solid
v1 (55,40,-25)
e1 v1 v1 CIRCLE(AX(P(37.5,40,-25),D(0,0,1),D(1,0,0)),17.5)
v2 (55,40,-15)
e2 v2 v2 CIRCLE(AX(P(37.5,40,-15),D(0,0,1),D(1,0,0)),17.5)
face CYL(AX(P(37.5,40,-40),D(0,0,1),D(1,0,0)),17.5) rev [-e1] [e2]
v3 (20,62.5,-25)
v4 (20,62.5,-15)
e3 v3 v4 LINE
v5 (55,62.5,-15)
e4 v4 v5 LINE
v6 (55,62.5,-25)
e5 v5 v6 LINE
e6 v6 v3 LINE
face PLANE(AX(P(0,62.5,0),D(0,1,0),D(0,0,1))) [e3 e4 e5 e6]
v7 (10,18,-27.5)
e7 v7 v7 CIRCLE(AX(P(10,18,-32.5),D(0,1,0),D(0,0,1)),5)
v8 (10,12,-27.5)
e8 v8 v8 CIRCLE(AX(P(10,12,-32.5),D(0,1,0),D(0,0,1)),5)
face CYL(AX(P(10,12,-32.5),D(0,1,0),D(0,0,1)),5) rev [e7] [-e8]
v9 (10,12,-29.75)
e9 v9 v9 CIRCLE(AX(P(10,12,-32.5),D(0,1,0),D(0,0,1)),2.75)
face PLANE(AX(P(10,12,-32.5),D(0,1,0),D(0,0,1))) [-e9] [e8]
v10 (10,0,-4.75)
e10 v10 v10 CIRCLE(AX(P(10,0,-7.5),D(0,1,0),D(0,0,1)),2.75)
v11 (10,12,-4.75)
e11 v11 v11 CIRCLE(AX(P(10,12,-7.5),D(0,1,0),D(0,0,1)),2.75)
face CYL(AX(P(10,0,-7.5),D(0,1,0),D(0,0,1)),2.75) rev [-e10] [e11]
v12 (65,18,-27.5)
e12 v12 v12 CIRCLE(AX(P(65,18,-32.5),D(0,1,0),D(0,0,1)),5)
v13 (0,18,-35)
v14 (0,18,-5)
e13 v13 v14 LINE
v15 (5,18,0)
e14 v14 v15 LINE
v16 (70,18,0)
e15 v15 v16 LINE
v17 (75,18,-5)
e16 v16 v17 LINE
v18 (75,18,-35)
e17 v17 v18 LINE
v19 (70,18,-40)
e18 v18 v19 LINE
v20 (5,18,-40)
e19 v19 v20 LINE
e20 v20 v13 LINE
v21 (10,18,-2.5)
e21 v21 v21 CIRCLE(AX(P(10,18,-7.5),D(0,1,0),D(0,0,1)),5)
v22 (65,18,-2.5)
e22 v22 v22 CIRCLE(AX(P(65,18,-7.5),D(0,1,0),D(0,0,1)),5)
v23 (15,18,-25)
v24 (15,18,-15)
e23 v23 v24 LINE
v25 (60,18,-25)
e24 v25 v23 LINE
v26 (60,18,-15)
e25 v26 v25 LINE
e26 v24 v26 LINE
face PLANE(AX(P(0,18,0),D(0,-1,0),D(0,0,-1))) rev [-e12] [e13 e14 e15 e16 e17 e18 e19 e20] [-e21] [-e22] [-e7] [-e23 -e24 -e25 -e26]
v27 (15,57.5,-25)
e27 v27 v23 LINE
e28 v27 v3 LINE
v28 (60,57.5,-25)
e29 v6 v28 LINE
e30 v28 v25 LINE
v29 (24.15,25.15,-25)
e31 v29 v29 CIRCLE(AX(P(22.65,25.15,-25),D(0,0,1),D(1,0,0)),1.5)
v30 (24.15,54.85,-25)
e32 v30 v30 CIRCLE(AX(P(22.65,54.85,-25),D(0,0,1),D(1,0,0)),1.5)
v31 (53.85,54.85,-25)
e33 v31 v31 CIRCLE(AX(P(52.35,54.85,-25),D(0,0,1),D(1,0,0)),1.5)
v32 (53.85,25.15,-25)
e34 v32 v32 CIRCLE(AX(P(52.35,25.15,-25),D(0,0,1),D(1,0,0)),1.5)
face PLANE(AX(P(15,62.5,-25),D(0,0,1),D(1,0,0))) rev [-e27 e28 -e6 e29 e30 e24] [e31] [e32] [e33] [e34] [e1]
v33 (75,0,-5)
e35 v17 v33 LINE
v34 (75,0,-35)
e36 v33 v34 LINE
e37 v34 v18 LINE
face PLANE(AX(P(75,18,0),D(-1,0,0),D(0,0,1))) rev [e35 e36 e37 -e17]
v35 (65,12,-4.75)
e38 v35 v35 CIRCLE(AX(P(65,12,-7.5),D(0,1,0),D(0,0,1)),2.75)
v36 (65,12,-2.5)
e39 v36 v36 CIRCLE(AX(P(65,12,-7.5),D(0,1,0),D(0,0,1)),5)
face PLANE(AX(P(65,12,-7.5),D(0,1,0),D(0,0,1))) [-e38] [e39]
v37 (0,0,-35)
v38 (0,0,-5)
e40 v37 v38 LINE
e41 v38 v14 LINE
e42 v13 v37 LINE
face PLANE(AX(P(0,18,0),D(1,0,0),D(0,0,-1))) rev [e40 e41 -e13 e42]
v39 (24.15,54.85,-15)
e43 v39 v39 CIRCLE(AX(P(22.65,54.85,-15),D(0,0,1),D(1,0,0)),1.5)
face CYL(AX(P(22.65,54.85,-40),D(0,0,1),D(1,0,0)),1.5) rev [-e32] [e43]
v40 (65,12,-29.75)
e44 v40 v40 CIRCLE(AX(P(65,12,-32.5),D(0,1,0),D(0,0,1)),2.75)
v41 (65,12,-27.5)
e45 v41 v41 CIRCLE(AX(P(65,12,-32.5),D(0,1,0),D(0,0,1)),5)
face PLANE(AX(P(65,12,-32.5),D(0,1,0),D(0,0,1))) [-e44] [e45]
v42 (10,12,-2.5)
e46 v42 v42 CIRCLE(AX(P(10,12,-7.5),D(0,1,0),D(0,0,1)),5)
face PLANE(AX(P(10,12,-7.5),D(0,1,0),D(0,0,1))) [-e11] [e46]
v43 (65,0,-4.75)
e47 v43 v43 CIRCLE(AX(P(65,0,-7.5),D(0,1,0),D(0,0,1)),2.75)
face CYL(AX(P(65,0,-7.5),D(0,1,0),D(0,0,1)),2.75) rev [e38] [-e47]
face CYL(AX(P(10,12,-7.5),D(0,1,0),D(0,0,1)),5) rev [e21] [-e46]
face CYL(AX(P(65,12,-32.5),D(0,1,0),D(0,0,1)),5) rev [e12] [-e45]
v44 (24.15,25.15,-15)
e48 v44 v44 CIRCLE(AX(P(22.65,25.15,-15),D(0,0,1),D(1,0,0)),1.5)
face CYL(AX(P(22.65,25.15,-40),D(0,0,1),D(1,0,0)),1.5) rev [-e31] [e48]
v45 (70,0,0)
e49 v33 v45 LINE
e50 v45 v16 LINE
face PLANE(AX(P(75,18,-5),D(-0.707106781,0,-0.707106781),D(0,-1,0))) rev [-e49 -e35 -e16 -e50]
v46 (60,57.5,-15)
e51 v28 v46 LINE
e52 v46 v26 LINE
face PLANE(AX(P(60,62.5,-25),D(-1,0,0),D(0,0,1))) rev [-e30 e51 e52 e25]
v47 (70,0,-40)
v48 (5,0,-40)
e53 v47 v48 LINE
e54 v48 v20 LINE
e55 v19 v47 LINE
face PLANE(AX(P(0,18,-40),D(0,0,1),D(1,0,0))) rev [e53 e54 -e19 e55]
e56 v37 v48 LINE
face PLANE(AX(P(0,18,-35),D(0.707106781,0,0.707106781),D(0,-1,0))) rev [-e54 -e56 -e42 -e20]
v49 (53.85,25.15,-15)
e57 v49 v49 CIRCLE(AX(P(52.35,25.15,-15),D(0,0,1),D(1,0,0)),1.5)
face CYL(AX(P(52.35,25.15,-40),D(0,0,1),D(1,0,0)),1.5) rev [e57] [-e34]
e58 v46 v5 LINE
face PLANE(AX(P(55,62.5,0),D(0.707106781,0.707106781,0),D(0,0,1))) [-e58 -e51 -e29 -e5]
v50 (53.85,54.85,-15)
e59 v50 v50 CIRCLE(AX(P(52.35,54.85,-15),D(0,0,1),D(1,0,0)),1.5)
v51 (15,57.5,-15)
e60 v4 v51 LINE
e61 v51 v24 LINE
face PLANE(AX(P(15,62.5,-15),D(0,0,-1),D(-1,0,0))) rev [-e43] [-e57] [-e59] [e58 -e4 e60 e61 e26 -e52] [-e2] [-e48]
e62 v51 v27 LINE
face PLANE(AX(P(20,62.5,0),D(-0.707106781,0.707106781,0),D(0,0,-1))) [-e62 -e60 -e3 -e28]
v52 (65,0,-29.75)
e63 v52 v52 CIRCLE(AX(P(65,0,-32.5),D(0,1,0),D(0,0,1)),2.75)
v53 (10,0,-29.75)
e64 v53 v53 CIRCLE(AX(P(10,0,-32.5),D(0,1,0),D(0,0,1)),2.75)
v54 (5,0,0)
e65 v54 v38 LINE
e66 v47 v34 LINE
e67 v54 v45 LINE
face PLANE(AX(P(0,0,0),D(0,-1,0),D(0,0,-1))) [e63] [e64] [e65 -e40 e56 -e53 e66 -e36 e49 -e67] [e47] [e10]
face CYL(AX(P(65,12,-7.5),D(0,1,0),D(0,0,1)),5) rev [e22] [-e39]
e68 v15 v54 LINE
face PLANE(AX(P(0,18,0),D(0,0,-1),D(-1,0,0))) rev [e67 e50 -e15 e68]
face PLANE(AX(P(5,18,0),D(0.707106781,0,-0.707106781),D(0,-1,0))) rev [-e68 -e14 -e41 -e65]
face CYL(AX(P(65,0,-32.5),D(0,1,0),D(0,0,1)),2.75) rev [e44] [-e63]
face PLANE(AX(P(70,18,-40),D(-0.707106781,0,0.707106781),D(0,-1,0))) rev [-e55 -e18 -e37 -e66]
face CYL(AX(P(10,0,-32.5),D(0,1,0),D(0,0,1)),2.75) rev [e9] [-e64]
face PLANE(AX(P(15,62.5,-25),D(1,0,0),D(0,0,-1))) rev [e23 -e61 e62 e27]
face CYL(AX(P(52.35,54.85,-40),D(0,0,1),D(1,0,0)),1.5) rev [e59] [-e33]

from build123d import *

# Parameters (mm, degrees)
SKETCH_1_W          = 75
SKETCH_1_H          = 40
EXTRUDE_1_DEPTH     = 18
CHAMFER_1_SIZE      = 5
SKETCH_2_W          = 45
SKETCH_2_H          = 10
EXTRUDE_2_DEPTH     = 44.5
CHAMFER_2_SIZE      = 5
SKETCH_3_R          = 17.5
CUT_EXTRUDE_1_DEPTH = 101.778221854
SKETCH_4_R          = 1.5
CUT_EXTRUDE_2_DEPTH = 101.778221854
SKETCH_5_R          = 5
CUT_EXTRUDE_3_DEPTH = 6
SKETCH_6_R          = 2.75
CUT_EXTRUDE_4_DEPTH = 99.869863963


with BuildPart() as part:
    # 스케치1 → 보스-돌출1 (new body)
    with BuildSketch(Plane(origin=(0, 0, 0), x_dir=(1, 0, 0), z_dir=(0, 1, 0))):
        with Locations((37.5, 20)):
            Rectangle(SKETCH_1_W, SKETCH_1_H)
    extrude(amount=EXTRUDE_1_DEPTH)

    # 모따기1
    chamfer_1_edges = [part.edges().sort_by_distance(p)[0] for p in [
        (0, 9, -40),
        (75, 9, -40),
        (75, 9, 0),
        (0, 9, 0),
    ]]
    chamfer(chamfer_1_edges, length=CHAMFER_1_SIZE)

    # 스케치2 → 보스-돌출2 (add)
    with BuildSketch(Plane(origin=(0, 18, 0), x_dir=(1, 0, 0), z_dir=(0, 1, 0))):
        with Locations((37.5, 20)):
            Rectangle(SKETCH_2_W, SKETCH_2_H)
    extrude(amount=EXTRUDE_2_DEPTH)

    # 모따기2
    chamfer_2_edges = [part.edges().sort_by_distance(p)[0] for p in [
        (15, 62.5, -20),
        (60, 62.5, -20),
    ]]
    chamfer(chamfer_2_edges, length=CHAMFER_2_SIZE)

    # 스케치3 → 컷-돌출1 (cut, through all)
    with BuildSketch(Plane.XY.offset(-15)):
        with Locations((37.5, 40)):
            Circle(SKETCH_3_R)
    extrude(amount=-CUT_EXTRUDE_1_DEPTH, mode=Mode.SUBTRACT)

    # 스케치4 → 컷-돌출2 (cut, through all)
    with BuildSketch(Plane.XY.offset(-15)):
        with Locations((22.65, 54.85)):
            Circle(SKETCH_4_R)
        with Locations((52.35, 54.85)):
            Circle(SKETCH_4_R)
        with Locations((52.35, 25.15)):
            Circle(SKETCH_4_R)
        with Locations((22.65, 25.15)):
            Circle(SKETCH_4_R)
    extrude(amount=-CUT_EXTRUDE_2_DEPTH, mode=Mode.SUBTRACT)

    # 스케치5 → 컷-돌출3 (cut)
    with BuildSketch(Plane(origin=(0, 18, 0), x_dir=(1, 0, 0), z_dir=(0, 1, 0))):
        with Locations(Location((10, 32.5, 0), (0, 0, 270))):
            Circle(SKETCH_5_R)
        with Locations(Location((10, 7.5, 0), (0, 0, 270))):
            Circle(SKETCH_5_R)
        with Locations(Location((65, 7.5, 0), (0, 0, 270))):
            Circle(SKETCH_5_R)
        with Locations(Location((65, 32.5, 0), (0, 0, 270))):
            Circle(SKETCH_5_R)
    extrude(amount=-CUT_EXTRUDE_3_DEPTH, mode=Mode.SUBTRACT)

    # 스케치6 → 컷-돌출4 (cut, through all)
    with BuildSketch(Plane(origin=(0, 12, 0), x_dir=(1, 0, 0), z_dir=(0, 1, 0))):
        with Locations(Location((10, 7.5, 0), (0, 0, 270))):
            Circle(SKETCH_6_R)
        with Locations(Location((10, 32.5, 0), (0, 0, 270))):
            Circle(SKETCH_6_R)
        with Locations(Location((65, 7.5, 0), (0, 0, 270))):
            Circle(SKETCH_6_R)
        with Locations(Location((65, 32.5, 0), (0, 0, 270))):
            Circle(SKETCH_6_R)
    extrude(amount=-CUT_EXTRUDE_4_DEPTH, mode=Mode.SUBTRACT)


solid = part.part
